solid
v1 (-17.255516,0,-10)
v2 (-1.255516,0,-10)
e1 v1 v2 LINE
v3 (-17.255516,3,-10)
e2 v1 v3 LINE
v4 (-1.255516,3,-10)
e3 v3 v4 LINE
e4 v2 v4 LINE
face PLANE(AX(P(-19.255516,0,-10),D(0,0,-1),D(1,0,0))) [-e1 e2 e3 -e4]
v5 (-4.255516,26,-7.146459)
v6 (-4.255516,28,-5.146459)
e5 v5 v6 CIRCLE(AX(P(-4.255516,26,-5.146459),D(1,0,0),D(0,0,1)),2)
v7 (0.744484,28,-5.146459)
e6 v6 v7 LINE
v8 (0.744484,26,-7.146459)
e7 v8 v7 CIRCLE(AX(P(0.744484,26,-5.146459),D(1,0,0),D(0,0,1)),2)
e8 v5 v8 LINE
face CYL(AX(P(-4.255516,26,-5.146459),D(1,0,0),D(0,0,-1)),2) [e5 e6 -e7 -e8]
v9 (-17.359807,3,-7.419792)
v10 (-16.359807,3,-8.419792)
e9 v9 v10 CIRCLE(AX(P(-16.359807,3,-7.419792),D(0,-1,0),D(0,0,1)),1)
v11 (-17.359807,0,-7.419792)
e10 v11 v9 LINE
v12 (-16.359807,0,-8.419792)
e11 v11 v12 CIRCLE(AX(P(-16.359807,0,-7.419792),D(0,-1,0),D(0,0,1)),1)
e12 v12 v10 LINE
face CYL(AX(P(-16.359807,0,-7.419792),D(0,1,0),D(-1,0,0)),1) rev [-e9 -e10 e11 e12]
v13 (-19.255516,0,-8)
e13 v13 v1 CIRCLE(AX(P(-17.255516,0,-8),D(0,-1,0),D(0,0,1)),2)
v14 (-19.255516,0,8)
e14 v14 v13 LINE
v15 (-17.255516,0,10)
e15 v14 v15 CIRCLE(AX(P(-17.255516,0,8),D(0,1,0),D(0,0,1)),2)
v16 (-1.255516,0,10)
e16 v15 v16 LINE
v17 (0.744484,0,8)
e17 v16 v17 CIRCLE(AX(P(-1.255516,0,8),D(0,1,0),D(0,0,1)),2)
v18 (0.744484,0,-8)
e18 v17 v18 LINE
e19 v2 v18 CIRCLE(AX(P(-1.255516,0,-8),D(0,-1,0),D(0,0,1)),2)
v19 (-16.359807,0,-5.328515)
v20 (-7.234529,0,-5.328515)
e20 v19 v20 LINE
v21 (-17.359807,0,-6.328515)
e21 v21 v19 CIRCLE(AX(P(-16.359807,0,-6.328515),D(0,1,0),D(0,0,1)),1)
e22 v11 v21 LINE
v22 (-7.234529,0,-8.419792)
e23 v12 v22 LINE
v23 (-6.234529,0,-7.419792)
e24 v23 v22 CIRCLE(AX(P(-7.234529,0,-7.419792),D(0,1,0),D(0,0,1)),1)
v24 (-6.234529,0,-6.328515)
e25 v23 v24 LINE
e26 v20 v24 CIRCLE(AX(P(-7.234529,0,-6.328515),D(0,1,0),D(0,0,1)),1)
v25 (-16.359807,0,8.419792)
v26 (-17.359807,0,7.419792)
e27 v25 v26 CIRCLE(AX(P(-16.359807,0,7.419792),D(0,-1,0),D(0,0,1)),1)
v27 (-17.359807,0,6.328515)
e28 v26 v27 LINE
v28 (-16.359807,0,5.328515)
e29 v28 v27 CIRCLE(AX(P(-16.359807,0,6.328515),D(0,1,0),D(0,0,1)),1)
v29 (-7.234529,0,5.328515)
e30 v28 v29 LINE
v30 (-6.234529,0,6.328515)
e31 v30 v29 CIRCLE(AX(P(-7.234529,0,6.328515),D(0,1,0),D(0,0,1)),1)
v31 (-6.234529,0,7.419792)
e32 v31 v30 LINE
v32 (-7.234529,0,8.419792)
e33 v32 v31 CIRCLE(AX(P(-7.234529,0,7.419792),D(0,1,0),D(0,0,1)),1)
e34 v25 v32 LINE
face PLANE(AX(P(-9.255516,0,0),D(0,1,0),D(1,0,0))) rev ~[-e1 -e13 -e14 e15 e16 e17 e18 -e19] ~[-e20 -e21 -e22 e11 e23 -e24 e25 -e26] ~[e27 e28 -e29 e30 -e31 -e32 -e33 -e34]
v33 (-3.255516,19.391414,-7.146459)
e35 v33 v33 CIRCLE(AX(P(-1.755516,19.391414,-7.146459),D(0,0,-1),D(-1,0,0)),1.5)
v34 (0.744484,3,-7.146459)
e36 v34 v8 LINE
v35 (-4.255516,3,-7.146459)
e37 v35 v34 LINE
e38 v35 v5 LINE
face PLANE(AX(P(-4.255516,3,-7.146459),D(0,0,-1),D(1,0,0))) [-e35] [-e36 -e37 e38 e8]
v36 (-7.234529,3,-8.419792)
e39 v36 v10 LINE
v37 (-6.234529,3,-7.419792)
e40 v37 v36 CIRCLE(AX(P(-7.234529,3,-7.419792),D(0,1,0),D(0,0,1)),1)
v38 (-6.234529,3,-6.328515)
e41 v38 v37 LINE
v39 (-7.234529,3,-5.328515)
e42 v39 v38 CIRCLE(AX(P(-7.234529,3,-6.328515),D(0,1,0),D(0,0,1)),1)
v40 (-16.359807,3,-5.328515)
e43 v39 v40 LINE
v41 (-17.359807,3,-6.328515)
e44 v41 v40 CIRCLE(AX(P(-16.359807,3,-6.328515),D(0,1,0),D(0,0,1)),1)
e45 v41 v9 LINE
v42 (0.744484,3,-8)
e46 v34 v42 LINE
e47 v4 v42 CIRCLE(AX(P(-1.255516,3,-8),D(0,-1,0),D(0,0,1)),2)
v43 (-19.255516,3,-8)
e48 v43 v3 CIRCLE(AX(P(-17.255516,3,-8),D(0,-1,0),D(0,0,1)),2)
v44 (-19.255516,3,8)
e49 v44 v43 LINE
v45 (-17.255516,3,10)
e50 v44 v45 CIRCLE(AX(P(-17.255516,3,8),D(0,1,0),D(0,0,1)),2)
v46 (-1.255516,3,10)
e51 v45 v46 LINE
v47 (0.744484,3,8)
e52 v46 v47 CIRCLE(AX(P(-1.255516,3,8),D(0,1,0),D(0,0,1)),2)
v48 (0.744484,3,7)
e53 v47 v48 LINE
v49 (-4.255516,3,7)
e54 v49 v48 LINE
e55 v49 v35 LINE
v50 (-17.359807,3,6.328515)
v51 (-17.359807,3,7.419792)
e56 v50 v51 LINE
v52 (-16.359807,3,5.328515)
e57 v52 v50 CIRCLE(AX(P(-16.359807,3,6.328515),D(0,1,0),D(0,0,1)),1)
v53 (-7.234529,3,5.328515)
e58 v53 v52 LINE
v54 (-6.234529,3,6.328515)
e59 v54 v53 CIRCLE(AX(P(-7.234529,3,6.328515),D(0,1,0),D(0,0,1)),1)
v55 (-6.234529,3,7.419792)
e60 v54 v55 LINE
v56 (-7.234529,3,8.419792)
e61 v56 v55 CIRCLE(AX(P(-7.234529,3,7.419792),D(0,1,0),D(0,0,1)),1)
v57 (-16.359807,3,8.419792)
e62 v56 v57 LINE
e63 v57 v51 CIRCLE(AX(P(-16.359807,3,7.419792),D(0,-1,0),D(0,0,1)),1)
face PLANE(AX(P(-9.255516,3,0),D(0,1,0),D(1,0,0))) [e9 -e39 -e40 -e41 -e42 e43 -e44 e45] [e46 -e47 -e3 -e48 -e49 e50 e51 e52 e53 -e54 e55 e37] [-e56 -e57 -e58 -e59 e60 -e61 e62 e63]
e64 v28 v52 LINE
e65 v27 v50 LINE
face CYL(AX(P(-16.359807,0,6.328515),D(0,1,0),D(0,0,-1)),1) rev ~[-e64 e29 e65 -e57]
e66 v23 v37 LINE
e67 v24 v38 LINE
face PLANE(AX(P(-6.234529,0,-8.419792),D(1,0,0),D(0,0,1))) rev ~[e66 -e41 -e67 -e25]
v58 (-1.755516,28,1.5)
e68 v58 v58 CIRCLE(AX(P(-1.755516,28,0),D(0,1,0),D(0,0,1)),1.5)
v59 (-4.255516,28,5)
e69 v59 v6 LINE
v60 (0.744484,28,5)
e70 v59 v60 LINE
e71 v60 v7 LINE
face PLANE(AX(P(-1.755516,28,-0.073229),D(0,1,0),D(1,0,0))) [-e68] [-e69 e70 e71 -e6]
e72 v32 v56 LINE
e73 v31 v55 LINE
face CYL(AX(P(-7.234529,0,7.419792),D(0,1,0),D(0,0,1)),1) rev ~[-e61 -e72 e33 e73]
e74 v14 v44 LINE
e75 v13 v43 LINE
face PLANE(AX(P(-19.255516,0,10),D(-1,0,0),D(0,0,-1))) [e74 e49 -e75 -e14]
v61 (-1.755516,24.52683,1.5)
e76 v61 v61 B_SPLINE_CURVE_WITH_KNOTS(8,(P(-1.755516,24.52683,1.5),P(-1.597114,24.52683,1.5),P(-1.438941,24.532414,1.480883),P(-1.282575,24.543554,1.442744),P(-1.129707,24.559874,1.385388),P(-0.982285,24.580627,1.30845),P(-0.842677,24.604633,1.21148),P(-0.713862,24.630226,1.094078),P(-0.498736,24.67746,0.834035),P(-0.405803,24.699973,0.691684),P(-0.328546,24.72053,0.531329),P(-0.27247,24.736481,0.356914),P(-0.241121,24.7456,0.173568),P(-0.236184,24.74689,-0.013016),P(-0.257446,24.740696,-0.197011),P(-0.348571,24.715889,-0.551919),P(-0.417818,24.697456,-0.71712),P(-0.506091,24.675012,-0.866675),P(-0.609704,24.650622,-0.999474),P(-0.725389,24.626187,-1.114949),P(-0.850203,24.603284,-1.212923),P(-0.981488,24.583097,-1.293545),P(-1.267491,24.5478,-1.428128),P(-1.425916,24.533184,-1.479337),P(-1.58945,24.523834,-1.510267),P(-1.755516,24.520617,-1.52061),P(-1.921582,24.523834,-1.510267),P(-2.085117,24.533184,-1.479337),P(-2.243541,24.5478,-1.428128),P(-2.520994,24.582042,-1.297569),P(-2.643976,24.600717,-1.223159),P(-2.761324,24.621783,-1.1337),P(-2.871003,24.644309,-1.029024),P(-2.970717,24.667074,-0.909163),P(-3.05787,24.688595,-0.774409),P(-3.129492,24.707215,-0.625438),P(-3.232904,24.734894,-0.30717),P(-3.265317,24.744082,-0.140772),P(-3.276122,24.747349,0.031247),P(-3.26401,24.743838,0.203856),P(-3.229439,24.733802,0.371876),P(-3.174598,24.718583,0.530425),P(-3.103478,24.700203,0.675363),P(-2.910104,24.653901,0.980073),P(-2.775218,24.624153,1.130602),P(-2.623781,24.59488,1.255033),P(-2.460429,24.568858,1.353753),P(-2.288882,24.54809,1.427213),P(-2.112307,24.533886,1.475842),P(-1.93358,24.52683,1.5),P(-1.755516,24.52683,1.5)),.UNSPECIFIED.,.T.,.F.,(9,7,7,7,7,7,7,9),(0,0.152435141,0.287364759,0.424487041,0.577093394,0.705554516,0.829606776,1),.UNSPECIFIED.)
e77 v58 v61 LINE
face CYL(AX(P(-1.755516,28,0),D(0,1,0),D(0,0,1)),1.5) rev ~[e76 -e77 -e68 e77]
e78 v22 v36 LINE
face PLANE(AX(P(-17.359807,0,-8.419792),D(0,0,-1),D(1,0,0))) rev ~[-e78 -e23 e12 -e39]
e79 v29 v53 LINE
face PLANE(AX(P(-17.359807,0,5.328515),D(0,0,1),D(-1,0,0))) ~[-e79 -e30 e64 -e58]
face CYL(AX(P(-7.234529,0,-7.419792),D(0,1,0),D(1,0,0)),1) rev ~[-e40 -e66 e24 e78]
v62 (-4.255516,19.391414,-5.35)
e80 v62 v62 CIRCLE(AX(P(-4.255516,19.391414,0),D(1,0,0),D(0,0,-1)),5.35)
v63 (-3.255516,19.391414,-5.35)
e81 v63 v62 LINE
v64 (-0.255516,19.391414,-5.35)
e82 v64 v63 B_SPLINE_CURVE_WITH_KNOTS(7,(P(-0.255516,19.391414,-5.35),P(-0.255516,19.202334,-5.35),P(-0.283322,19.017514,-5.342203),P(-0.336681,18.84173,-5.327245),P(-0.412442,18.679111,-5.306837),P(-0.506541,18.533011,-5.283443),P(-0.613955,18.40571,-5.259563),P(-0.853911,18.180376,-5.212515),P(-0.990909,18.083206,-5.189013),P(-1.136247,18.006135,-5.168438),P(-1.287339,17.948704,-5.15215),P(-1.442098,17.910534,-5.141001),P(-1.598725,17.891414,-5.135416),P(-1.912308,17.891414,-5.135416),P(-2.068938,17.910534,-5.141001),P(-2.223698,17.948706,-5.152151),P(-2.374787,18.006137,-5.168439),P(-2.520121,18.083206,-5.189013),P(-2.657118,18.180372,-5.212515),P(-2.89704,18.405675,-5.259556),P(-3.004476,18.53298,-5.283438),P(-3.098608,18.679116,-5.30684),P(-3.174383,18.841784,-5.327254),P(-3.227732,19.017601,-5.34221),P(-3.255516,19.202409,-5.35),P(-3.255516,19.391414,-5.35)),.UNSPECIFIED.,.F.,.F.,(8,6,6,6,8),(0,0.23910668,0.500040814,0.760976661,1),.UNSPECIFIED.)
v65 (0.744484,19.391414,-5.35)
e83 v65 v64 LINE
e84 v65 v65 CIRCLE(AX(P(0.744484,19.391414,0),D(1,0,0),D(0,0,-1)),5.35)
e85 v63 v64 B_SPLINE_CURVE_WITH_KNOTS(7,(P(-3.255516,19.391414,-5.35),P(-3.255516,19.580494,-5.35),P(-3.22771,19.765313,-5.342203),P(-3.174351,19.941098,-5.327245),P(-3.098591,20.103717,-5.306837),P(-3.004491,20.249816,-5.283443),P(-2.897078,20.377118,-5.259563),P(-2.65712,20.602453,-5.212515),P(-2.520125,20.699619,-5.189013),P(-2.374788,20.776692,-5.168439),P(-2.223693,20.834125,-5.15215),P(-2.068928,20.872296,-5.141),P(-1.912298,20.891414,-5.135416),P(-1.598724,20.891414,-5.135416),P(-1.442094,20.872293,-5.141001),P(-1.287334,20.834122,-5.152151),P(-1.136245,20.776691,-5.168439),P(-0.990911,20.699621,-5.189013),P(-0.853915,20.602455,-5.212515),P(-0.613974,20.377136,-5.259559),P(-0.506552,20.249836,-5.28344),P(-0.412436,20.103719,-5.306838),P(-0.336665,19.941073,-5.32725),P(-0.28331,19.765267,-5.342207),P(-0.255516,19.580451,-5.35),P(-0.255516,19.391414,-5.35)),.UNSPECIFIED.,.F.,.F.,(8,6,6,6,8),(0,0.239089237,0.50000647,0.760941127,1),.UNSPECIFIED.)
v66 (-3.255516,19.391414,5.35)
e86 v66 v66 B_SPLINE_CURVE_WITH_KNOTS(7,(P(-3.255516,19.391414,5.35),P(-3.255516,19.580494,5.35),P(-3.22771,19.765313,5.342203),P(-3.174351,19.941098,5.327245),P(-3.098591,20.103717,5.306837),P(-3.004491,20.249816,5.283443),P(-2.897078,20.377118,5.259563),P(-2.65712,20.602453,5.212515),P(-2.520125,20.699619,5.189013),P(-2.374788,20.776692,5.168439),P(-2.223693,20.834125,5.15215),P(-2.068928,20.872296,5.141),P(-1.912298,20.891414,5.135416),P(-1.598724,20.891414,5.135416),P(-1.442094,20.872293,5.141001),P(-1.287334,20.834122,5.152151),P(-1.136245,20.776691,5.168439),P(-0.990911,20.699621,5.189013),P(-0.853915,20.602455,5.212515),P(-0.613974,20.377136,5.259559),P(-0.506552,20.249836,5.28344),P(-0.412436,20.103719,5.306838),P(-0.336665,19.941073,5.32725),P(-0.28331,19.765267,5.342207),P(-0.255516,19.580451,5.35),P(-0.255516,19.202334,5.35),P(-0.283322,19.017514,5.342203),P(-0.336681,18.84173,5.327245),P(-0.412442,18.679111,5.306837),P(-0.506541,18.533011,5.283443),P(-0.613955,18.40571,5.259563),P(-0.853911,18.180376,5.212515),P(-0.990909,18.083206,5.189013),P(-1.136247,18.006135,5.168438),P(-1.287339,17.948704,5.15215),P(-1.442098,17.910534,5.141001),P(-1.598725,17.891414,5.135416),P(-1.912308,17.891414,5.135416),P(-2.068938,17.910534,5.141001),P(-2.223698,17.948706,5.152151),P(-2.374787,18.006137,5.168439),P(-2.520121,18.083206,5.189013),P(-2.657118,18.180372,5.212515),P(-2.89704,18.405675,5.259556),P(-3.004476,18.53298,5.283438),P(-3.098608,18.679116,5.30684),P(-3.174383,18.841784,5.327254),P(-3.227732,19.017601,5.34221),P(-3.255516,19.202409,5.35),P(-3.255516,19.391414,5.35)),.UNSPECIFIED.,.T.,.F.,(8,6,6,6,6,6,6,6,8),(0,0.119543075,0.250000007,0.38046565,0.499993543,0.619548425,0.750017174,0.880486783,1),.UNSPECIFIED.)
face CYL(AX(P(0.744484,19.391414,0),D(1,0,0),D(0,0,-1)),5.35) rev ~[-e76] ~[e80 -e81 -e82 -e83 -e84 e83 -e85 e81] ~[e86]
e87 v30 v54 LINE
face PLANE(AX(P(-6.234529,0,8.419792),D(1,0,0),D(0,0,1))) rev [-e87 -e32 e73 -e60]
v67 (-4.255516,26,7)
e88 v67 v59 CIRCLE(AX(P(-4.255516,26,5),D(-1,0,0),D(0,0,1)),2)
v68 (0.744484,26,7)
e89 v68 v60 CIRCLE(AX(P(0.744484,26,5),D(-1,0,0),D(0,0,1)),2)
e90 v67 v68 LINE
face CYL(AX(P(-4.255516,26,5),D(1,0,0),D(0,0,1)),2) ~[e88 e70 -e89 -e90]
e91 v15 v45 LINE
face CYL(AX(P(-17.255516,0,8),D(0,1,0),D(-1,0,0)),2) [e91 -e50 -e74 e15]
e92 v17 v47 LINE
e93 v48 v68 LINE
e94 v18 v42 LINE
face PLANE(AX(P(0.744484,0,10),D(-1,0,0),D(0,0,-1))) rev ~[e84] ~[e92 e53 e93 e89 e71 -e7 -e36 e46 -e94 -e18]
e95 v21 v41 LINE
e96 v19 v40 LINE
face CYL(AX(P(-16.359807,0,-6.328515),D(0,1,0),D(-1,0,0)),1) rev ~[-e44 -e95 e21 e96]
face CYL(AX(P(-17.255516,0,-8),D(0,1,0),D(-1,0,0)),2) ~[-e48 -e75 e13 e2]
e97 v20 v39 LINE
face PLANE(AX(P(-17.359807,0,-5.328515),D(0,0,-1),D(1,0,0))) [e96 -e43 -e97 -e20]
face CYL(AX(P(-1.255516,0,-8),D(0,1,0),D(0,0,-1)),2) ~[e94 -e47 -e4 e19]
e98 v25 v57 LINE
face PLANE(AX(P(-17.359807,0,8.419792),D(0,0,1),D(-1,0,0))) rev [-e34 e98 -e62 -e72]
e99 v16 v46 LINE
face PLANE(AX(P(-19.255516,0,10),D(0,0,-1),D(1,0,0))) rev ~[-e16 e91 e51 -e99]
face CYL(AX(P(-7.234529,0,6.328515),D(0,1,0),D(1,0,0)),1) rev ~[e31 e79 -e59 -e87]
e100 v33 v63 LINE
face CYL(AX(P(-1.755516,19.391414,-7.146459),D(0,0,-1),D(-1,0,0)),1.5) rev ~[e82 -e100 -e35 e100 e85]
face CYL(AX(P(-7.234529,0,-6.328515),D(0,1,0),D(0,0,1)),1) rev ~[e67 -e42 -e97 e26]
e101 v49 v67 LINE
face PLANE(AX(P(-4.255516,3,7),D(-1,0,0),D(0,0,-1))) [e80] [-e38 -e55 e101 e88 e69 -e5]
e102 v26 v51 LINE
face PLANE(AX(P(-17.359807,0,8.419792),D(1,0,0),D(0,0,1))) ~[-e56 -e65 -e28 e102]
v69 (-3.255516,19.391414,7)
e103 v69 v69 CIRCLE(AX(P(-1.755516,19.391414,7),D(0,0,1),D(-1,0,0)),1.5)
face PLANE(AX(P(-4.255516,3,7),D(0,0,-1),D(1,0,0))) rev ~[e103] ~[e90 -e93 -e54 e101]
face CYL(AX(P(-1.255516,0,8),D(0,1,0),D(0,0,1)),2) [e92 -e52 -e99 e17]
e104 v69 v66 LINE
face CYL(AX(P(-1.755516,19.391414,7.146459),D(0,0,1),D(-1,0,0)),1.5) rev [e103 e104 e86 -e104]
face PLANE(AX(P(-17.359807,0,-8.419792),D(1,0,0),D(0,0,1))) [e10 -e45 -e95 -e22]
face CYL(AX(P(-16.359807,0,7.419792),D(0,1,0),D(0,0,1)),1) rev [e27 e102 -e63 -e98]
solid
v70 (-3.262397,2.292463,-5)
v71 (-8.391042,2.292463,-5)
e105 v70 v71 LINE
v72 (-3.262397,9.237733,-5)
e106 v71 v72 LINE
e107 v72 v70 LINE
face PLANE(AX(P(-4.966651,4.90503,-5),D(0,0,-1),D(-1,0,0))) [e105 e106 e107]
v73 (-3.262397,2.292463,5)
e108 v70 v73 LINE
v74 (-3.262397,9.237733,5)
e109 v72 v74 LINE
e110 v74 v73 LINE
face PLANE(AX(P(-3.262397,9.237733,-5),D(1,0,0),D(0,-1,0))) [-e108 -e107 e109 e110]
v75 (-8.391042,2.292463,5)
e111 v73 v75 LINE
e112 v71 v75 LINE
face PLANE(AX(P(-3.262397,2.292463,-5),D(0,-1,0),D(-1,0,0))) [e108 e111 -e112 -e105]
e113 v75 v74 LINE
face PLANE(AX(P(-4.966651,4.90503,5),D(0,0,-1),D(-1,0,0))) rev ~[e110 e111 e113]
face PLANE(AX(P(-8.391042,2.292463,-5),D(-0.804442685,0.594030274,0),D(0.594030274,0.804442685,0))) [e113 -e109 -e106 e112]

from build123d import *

# Parameters (mm, degrees)
SKETCH_1_W             = 20
SKETCH_1_H             = 20
EXTRUDE_1_DEPTH        = 3
SKETCH_2_W             = 5
SKETCH_2_H             = 14.146458656
EXTRUDE_2_DEPTH        = 25
SKETCH_3_R             = 5.35
CUT_EXTRUDE_2_DEPTH    = 5
SKETCH_7_W             = 11.125278603
SKETCH_7_H             = 3.091277008
CUT_EXTRUDE_6_DEPTH    = 10
FILLET_3_R             = 1
FILLET_3_OF_MIRROR_2_R = 1
EXTRUDE_3_DEPTH        = 5
EXTRUDE_3_DEPTH_BACK   = 5
FILLET_1_R             = 2
FILLET_2_R             = 2
SKETCH_11_R            = 1.5
CUT_EXTRUDE_7_DEPTH    = 5
SKETCH_12_R            = 1.5
CUT_EXTRUDE_8_DEPTH    = 5


with BuildPart() as part:
    # 草图1 → 凸台-拉伸1 (new body)
    with BuildSketch(Plane(origin=(0, 0, 0), x_dir=(1, 0, 0), z_dir=(0, 1, 0))):
        with Locations((-9.255516134, 0)):
            Rectangle(SKETCH_1_W, SKETCH_1_H)
    extrude(amount=EXTRUDE_1_DEPTH)

    # 草图2 → 凸台-拉伸2 (add)
    with BuildSketch(Plane(origin=(0, 3, 0), x_dir=(1, 0, 0), z_dir=(0, 1, 0))):
        with Locations((-1.755516134, 0.073229328)):
            Rectangle(SKETCH_2_W, SKETCH_2_H)
    extrude(amount=EXTRUDE_2_DEPTH)

    # 草图3 → 切除-拉伸2 (cut)
    with BuildSketch(Plane(origin=(0.744483866, 0, 0), x_dir=(0, 0, -1), z_dir=(1, 0, 0))):
        with Locations((0, 19.391413774)):
            Circle(SKETCH_3_R)
    extrude(amount=-CUT_EXTRUDE_2_DEPTH, mode=Mode.SUBTRACT)

    # 草图7 → 切除-拉伸6 (cut)
    with BuildSketch(Plane.XZ):
        with Locations((-11.79716819, -6.874153795)):
            Rectangle(SKETCH_7_W, SKETCH_7_H)
    cut_extrude_6 = extrude(amount=-CUT_EXTRUDE_6_DEPTH, mode=Mode.SUBTRACT)

    # 圆角3
    fillet_3_edges = [part.edges().sort_by_distance(p)[0] for p in [
        (-6.234528888, 1.5, -5.328515291),
        (-6.234528888, 1.5, -8.419792299),
        (-17.359807491, 1.5, -8.419792299),
        (-17.359807491, 1.5, -5.328515291),
    ]]
    fillet(fillet_3_edges, radius=FILLET_3_R)

    # 镜向2: 切除-拉伸6 across plane
    add(cut_extrude_6.mirror(Plane.XY), mode=Mode.SUBTRACT)

    # 圆角3 of 镜向2
    fillet_3_of_mirror_2_edges = [part.edges().sort_by_distance(p)[0] for p in [
        (-6.234528888, 1.5, 5.328515291),
        (-6.234528888, 1.5, 8.419792299),
        (-17.359807491, 1.5, 8.419792299),
        (-17.359807491, 1.5, 5.328515291),
    ]]
    fillet(fillet_3_of_mirror_2_edges, radius=FILLET_3_OF_MIRROR_2_R)

    # 圆角1
    fillet_1_edges = [part.edges().sort_by_distance(p)[0] for p in [
        (0.744483866, 1.5, 10),
        (-19.255516134, 1.5, 10),
        (-19.255516134, 1.5, -10),
        (0.744483866, 1.5, -10),
    ]]
    fillet(fillet_1_edges, radius=FILLET_1_R)

    # 圆角2
    fillet_2_edges = [part.edges().sort_by_distance(p)[0] for p in [
        (-1.755516134, 28, 7),
        (-1.755516134, 28, -7.146458656),
    ]]
    fillet(fillet_2_edges, radius=FILLET_2_R)

    # 草图11 → 切除-拉伸7 (cut)
    with BuildSketch(Plane(origin=(0, 0, -7.146458656), x_dir=(-1, 0, 0), z_dir=(0, 0, -1))):
        with Locations((1.755516134, 19.391413774)):
            Circle(SKETCH_11_R)
    cut_extrude_7 = extrude(amount=-CUT_EXTRUDE_7_DEPTH, mode=Mode.SUBTRACT)

    # 镜向3: 切除-拉伸7 across plane
    add(cut_extrude_7.mirror(Plane.XY), mode=Mode.SUBTRACT)

    # 草图12 → 切除-拉伸8 (cut)
    with BuildSketch(Plane(origin=(0, 28, 0), x_dir=(1, 0, 0), z_dir=(0, 1, 0))):
        with Locations(Location((-1.755516134, 0, 0), (0, 0, 270))):
            Circle(SKETCH_12_R)
    extrude(amount=-CUT_EXTRUDE_8_DEPTH, mode=Mode.SUBTRACT)


with BuildPart() as body_2:
    # 草图9 → 凸台-拉伸3 (new, two sides: drawn at the far end of the back side and taken through both)
    with BuildSketch(Plane.XY.offset(-EXTRUDE_3_DEPTH_BACK)):
        Polygon((-3.262396556, 2.292462797), (-8.391041548, 2.292462797), (-3.262396556, 9.237733311), align=None)
    extrude(amount=EXTRUDE_3_DEPTH + EXTRUDE_3_DEPTH_BACK)


solid = Compound([part.part, body_2.part])
